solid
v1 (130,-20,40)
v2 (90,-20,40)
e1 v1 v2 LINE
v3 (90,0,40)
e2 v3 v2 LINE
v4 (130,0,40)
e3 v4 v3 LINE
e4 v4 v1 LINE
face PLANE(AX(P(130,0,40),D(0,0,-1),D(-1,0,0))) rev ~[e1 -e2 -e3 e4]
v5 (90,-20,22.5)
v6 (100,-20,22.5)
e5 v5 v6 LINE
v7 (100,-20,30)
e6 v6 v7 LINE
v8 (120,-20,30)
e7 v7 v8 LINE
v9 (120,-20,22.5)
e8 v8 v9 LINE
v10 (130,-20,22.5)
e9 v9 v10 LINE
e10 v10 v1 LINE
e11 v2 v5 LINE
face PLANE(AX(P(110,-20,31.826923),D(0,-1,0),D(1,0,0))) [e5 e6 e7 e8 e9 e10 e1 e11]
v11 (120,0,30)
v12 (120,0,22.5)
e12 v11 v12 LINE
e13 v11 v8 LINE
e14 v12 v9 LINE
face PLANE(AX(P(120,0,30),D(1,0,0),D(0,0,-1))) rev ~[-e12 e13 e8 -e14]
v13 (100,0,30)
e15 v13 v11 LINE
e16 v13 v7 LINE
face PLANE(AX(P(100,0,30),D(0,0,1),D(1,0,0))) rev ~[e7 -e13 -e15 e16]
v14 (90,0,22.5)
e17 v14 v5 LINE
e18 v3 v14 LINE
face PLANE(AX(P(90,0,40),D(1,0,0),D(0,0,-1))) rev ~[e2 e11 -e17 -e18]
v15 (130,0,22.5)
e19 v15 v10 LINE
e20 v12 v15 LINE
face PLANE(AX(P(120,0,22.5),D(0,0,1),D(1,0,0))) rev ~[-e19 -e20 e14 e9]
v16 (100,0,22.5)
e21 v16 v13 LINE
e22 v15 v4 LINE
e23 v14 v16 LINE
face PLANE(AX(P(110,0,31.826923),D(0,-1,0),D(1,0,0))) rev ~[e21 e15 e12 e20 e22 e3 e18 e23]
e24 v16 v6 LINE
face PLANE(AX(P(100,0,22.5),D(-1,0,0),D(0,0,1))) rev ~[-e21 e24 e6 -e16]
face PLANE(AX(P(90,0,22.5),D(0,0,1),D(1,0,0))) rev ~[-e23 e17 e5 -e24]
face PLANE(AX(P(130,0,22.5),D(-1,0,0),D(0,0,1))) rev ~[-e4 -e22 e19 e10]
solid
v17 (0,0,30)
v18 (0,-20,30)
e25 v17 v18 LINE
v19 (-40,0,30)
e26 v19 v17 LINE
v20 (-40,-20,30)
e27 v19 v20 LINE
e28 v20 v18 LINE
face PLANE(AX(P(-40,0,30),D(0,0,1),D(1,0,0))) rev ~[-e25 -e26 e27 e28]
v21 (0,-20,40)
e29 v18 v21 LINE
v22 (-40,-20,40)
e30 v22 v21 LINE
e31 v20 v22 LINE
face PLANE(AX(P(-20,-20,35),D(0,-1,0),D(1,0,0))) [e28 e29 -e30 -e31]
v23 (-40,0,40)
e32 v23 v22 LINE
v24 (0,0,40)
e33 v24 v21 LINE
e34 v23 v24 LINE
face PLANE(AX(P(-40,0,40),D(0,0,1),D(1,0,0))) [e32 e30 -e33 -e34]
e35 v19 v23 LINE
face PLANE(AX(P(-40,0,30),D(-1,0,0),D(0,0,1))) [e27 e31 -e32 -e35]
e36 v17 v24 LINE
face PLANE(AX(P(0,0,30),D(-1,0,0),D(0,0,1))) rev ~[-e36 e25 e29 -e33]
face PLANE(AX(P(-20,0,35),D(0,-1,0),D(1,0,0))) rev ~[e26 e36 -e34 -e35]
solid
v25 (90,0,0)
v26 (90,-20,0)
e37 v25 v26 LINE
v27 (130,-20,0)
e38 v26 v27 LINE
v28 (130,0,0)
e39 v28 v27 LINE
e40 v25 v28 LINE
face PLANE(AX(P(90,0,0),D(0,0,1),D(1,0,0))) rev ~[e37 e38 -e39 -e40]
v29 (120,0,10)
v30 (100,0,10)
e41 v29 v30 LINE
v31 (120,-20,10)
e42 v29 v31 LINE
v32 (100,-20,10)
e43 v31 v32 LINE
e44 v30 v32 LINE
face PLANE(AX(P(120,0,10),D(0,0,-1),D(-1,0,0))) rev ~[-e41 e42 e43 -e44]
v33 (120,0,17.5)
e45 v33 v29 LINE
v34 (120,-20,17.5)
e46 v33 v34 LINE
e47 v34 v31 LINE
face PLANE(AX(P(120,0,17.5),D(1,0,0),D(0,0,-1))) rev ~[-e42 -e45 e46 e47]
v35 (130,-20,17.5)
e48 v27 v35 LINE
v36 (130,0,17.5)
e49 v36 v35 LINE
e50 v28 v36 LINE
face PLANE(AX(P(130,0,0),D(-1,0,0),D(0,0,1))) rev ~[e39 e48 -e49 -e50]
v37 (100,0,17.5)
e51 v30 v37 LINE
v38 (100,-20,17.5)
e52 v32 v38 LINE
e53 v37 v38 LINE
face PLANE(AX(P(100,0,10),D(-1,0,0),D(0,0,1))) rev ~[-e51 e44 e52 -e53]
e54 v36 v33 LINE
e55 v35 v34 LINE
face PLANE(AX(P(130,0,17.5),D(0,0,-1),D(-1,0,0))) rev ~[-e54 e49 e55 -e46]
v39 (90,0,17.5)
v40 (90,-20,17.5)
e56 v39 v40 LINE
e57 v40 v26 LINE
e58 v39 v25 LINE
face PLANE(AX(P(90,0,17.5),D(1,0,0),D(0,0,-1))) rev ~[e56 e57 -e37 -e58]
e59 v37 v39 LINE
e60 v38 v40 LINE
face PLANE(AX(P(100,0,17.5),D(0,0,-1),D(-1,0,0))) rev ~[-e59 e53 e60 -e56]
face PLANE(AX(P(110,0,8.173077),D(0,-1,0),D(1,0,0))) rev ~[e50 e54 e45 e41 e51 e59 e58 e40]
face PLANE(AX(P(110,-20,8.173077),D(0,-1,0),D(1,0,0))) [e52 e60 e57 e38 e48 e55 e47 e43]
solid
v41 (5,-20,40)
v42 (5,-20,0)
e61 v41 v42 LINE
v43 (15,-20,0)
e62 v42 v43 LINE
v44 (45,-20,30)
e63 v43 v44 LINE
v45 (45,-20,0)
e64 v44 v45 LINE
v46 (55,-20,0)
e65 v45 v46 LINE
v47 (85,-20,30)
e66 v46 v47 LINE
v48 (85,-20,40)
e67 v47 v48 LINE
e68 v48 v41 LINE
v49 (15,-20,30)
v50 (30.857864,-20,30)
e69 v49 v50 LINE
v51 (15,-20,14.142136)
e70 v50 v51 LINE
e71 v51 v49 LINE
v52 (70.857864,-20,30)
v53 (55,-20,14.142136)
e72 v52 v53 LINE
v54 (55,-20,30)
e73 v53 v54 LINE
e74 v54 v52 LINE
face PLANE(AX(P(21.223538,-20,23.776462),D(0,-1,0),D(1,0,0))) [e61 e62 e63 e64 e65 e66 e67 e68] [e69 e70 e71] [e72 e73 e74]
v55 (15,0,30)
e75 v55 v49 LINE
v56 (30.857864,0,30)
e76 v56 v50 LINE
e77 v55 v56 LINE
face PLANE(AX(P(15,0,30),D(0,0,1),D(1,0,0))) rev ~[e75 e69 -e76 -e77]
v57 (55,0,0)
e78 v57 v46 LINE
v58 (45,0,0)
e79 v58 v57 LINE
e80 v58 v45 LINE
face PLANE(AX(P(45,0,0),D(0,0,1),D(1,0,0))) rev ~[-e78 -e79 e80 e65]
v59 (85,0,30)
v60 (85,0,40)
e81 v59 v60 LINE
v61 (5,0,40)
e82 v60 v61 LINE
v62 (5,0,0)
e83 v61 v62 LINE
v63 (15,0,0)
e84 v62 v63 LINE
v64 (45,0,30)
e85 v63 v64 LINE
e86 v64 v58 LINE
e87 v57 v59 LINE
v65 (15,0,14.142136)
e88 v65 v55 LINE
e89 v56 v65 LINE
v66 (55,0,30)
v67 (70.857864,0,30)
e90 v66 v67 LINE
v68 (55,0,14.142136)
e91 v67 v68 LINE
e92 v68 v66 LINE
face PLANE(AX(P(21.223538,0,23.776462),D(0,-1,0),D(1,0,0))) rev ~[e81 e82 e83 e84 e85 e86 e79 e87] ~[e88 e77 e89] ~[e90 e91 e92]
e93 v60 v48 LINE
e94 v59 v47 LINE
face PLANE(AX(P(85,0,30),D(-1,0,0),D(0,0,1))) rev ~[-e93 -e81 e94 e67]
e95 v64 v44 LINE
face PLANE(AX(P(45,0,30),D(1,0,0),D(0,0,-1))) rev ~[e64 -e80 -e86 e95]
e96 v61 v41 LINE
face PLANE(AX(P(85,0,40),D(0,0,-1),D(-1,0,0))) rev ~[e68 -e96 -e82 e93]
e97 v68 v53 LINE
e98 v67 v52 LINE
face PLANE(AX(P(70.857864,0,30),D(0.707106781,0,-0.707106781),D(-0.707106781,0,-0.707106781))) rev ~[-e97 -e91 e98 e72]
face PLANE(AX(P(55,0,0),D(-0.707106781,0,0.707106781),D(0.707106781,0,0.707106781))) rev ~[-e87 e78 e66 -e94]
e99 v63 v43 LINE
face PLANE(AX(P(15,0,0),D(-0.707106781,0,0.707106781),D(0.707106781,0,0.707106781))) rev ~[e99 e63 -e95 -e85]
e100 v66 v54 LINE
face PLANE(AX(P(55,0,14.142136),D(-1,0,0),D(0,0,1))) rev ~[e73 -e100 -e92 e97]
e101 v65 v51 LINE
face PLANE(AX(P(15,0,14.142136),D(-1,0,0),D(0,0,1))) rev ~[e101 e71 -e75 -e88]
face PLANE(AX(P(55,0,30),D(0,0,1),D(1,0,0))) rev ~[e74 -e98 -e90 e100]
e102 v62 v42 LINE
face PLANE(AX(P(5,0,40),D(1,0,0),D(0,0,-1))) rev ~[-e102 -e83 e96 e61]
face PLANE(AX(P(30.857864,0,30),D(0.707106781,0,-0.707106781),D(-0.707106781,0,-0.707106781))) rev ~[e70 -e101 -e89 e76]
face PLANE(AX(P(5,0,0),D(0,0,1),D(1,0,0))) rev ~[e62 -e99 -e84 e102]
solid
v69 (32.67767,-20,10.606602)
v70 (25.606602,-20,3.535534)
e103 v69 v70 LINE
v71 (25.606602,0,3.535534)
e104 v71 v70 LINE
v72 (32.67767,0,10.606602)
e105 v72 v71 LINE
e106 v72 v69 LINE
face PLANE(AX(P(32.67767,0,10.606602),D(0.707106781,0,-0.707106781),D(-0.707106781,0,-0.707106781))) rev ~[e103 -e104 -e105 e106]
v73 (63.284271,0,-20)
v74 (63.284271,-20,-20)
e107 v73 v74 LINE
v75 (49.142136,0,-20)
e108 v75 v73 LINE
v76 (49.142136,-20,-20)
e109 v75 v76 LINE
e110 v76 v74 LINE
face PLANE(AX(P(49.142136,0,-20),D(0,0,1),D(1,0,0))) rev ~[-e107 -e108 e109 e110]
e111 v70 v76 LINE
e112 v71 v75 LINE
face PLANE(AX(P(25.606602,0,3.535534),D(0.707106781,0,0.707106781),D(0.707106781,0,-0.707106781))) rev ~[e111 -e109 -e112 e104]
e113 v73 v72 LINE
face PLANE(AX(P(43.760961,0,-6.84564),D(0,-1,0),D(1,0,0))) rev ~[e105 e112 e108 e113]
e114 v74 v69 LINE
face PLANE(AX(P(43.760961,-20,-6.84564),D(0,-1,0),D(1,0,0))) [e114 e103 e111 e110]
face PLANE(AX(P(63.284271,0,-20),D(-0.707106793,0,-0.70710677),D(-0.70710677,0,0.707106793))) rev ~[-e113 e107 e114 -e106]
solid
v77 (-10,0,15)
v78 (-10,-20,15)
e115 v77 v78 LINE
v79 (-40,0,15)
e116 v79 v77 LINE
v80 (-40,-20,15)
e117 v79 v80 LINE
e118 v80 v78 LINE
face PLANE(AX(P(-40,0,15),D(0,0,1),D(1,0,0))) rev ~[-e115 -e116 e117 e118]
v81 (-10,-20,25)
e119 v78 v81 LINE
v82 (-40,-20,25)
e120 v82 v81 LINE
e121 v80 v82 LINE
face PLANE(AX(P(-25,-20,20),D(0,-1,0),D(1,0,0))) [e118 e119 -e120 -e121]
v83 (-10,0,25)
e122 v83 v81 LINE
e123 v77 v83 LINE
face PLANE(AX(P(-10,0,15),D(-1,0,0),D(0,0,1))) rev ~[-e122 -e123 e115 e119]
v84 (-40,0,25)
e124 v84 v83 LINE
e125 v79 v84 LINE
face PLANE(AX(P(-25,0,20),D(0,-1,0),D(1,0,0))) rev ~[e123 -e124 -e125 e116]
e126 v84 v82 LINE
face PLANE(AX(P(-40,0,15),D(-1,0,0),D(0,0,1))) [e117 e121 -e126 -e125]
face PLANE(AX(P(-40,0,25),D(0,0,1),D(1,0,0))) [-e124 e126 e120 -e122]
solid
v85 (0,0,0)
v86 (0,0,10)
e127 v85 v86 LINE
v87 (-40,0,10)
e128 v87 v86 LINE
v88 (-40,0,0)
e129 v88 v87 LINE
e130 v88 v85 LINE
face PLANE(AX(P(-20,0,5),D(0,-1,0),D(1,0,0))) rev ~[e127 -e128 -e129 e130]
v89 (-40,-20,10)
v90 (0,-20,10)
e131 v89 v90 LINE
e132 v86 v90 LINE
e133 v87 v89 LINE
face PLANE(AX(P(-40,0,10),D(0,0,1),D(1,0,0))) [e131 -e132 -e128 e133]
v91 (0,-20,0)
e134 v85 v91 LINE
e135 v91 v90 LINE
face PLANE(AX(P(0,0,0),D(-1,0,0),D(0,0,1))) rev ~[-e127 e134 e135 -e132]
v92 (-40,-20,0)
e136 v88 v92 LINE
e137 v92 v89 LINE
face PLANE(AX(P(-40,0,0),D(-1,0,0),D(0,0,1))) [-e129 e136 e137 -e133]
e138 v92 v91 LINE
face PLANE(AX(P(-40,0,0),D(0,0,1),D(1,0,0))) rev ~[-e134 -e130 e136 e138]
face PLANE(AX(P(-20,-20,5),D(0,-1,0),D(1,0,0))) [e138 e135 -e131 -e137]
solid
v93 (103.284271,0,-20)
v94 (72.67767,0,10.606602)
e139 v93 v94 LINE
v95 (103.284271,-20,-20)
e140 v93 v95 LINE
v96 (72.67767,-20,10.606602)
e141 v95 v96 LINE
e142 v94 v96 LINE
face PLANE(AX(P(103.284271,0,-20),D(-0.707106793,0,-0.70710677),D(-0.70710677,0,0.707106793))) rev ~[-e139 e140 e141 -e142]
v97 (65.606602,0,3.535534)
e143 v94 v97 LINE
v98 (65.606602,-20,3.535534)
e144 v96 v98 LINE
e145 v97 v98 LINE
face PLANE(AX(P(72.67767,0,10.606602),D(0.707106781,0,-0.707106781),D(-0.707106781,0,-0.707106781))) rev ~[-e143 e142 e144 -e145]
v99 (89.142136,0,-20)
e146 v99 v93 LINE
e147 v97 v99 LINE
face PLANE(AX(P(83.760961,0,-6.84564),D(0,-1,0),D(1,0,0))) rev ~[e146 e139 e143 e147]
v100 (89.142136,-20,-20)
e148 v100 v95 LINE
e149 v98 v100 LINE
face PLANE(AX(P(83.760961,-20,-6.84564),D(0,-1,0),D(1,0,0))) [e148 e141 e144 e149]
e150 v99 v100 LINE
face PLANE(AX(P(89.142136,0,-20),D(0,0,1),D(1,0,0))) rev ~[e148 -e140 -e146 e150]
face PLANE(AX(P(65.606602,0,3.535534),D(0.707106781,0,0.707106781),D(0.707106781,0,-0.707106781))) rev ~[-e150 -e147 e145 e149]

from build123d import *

# Parameters (mm, degrees)
F0_W     = 30
F0_H     = 10
F0_W_2   = 40
F1_DEPTH = 20


with BuildPart() as f1:
    # F0 (on Front) → F1 (new body)
    with BuildSketch(Plane.XZ):
        with Locations((-25, 20)):
            Rectangle(F0_W, F0_H)
        with Locations((-20, 35)):
            Rectangle(F0_W_2, F0_H)
        with Locations((-20, 5)):
            Rectangle(F0_W_2, F0_H)
        Polygon((5, 40), (5, 0), (15, 0), (22.071068, 7.071068), (29.142136, 14.142136), (45, 30), (45, 40), align=None)
        Polygon((15, 14.142136), (15, 30), (30.857864, 30), align=None, mode=Mode.SUBTRACT)
        Polygon((32.67767, 10.606602), (25.606602, 3.535534), (49.142136, -20), (63.284271, -20), align=None)
        Polygon((72.67767, 10.606602), (65.606602, 3.535534), (89.142136, -20), (103.284271, -20), align=None)
        Polygon((85, 40), (45, 40), (45, 30), (45, 0), (55, 0), (62.071068, 7.071068), (69.142136, 14.142136), (85, 30), align=None)
        Polygon((55, 14.142136), (55, 30), (70.857864, 30), align=None, mode=Mode.SUBTRACT)
        Polygon((130, 40), (90, 40), (90, 22.5), (100, 22.5), (100, 30), (120, 30), (120, 22.5), (130, 22.5), align=None)
        Polygon((90, 17.5), (90, 0), (130, 0), (130, 17.5), (120, 17.5), (120, 10), (100, 10), (100, 17.5), align=None)
    extrude(amount=F1_DEPTH)


solid = f1.part
